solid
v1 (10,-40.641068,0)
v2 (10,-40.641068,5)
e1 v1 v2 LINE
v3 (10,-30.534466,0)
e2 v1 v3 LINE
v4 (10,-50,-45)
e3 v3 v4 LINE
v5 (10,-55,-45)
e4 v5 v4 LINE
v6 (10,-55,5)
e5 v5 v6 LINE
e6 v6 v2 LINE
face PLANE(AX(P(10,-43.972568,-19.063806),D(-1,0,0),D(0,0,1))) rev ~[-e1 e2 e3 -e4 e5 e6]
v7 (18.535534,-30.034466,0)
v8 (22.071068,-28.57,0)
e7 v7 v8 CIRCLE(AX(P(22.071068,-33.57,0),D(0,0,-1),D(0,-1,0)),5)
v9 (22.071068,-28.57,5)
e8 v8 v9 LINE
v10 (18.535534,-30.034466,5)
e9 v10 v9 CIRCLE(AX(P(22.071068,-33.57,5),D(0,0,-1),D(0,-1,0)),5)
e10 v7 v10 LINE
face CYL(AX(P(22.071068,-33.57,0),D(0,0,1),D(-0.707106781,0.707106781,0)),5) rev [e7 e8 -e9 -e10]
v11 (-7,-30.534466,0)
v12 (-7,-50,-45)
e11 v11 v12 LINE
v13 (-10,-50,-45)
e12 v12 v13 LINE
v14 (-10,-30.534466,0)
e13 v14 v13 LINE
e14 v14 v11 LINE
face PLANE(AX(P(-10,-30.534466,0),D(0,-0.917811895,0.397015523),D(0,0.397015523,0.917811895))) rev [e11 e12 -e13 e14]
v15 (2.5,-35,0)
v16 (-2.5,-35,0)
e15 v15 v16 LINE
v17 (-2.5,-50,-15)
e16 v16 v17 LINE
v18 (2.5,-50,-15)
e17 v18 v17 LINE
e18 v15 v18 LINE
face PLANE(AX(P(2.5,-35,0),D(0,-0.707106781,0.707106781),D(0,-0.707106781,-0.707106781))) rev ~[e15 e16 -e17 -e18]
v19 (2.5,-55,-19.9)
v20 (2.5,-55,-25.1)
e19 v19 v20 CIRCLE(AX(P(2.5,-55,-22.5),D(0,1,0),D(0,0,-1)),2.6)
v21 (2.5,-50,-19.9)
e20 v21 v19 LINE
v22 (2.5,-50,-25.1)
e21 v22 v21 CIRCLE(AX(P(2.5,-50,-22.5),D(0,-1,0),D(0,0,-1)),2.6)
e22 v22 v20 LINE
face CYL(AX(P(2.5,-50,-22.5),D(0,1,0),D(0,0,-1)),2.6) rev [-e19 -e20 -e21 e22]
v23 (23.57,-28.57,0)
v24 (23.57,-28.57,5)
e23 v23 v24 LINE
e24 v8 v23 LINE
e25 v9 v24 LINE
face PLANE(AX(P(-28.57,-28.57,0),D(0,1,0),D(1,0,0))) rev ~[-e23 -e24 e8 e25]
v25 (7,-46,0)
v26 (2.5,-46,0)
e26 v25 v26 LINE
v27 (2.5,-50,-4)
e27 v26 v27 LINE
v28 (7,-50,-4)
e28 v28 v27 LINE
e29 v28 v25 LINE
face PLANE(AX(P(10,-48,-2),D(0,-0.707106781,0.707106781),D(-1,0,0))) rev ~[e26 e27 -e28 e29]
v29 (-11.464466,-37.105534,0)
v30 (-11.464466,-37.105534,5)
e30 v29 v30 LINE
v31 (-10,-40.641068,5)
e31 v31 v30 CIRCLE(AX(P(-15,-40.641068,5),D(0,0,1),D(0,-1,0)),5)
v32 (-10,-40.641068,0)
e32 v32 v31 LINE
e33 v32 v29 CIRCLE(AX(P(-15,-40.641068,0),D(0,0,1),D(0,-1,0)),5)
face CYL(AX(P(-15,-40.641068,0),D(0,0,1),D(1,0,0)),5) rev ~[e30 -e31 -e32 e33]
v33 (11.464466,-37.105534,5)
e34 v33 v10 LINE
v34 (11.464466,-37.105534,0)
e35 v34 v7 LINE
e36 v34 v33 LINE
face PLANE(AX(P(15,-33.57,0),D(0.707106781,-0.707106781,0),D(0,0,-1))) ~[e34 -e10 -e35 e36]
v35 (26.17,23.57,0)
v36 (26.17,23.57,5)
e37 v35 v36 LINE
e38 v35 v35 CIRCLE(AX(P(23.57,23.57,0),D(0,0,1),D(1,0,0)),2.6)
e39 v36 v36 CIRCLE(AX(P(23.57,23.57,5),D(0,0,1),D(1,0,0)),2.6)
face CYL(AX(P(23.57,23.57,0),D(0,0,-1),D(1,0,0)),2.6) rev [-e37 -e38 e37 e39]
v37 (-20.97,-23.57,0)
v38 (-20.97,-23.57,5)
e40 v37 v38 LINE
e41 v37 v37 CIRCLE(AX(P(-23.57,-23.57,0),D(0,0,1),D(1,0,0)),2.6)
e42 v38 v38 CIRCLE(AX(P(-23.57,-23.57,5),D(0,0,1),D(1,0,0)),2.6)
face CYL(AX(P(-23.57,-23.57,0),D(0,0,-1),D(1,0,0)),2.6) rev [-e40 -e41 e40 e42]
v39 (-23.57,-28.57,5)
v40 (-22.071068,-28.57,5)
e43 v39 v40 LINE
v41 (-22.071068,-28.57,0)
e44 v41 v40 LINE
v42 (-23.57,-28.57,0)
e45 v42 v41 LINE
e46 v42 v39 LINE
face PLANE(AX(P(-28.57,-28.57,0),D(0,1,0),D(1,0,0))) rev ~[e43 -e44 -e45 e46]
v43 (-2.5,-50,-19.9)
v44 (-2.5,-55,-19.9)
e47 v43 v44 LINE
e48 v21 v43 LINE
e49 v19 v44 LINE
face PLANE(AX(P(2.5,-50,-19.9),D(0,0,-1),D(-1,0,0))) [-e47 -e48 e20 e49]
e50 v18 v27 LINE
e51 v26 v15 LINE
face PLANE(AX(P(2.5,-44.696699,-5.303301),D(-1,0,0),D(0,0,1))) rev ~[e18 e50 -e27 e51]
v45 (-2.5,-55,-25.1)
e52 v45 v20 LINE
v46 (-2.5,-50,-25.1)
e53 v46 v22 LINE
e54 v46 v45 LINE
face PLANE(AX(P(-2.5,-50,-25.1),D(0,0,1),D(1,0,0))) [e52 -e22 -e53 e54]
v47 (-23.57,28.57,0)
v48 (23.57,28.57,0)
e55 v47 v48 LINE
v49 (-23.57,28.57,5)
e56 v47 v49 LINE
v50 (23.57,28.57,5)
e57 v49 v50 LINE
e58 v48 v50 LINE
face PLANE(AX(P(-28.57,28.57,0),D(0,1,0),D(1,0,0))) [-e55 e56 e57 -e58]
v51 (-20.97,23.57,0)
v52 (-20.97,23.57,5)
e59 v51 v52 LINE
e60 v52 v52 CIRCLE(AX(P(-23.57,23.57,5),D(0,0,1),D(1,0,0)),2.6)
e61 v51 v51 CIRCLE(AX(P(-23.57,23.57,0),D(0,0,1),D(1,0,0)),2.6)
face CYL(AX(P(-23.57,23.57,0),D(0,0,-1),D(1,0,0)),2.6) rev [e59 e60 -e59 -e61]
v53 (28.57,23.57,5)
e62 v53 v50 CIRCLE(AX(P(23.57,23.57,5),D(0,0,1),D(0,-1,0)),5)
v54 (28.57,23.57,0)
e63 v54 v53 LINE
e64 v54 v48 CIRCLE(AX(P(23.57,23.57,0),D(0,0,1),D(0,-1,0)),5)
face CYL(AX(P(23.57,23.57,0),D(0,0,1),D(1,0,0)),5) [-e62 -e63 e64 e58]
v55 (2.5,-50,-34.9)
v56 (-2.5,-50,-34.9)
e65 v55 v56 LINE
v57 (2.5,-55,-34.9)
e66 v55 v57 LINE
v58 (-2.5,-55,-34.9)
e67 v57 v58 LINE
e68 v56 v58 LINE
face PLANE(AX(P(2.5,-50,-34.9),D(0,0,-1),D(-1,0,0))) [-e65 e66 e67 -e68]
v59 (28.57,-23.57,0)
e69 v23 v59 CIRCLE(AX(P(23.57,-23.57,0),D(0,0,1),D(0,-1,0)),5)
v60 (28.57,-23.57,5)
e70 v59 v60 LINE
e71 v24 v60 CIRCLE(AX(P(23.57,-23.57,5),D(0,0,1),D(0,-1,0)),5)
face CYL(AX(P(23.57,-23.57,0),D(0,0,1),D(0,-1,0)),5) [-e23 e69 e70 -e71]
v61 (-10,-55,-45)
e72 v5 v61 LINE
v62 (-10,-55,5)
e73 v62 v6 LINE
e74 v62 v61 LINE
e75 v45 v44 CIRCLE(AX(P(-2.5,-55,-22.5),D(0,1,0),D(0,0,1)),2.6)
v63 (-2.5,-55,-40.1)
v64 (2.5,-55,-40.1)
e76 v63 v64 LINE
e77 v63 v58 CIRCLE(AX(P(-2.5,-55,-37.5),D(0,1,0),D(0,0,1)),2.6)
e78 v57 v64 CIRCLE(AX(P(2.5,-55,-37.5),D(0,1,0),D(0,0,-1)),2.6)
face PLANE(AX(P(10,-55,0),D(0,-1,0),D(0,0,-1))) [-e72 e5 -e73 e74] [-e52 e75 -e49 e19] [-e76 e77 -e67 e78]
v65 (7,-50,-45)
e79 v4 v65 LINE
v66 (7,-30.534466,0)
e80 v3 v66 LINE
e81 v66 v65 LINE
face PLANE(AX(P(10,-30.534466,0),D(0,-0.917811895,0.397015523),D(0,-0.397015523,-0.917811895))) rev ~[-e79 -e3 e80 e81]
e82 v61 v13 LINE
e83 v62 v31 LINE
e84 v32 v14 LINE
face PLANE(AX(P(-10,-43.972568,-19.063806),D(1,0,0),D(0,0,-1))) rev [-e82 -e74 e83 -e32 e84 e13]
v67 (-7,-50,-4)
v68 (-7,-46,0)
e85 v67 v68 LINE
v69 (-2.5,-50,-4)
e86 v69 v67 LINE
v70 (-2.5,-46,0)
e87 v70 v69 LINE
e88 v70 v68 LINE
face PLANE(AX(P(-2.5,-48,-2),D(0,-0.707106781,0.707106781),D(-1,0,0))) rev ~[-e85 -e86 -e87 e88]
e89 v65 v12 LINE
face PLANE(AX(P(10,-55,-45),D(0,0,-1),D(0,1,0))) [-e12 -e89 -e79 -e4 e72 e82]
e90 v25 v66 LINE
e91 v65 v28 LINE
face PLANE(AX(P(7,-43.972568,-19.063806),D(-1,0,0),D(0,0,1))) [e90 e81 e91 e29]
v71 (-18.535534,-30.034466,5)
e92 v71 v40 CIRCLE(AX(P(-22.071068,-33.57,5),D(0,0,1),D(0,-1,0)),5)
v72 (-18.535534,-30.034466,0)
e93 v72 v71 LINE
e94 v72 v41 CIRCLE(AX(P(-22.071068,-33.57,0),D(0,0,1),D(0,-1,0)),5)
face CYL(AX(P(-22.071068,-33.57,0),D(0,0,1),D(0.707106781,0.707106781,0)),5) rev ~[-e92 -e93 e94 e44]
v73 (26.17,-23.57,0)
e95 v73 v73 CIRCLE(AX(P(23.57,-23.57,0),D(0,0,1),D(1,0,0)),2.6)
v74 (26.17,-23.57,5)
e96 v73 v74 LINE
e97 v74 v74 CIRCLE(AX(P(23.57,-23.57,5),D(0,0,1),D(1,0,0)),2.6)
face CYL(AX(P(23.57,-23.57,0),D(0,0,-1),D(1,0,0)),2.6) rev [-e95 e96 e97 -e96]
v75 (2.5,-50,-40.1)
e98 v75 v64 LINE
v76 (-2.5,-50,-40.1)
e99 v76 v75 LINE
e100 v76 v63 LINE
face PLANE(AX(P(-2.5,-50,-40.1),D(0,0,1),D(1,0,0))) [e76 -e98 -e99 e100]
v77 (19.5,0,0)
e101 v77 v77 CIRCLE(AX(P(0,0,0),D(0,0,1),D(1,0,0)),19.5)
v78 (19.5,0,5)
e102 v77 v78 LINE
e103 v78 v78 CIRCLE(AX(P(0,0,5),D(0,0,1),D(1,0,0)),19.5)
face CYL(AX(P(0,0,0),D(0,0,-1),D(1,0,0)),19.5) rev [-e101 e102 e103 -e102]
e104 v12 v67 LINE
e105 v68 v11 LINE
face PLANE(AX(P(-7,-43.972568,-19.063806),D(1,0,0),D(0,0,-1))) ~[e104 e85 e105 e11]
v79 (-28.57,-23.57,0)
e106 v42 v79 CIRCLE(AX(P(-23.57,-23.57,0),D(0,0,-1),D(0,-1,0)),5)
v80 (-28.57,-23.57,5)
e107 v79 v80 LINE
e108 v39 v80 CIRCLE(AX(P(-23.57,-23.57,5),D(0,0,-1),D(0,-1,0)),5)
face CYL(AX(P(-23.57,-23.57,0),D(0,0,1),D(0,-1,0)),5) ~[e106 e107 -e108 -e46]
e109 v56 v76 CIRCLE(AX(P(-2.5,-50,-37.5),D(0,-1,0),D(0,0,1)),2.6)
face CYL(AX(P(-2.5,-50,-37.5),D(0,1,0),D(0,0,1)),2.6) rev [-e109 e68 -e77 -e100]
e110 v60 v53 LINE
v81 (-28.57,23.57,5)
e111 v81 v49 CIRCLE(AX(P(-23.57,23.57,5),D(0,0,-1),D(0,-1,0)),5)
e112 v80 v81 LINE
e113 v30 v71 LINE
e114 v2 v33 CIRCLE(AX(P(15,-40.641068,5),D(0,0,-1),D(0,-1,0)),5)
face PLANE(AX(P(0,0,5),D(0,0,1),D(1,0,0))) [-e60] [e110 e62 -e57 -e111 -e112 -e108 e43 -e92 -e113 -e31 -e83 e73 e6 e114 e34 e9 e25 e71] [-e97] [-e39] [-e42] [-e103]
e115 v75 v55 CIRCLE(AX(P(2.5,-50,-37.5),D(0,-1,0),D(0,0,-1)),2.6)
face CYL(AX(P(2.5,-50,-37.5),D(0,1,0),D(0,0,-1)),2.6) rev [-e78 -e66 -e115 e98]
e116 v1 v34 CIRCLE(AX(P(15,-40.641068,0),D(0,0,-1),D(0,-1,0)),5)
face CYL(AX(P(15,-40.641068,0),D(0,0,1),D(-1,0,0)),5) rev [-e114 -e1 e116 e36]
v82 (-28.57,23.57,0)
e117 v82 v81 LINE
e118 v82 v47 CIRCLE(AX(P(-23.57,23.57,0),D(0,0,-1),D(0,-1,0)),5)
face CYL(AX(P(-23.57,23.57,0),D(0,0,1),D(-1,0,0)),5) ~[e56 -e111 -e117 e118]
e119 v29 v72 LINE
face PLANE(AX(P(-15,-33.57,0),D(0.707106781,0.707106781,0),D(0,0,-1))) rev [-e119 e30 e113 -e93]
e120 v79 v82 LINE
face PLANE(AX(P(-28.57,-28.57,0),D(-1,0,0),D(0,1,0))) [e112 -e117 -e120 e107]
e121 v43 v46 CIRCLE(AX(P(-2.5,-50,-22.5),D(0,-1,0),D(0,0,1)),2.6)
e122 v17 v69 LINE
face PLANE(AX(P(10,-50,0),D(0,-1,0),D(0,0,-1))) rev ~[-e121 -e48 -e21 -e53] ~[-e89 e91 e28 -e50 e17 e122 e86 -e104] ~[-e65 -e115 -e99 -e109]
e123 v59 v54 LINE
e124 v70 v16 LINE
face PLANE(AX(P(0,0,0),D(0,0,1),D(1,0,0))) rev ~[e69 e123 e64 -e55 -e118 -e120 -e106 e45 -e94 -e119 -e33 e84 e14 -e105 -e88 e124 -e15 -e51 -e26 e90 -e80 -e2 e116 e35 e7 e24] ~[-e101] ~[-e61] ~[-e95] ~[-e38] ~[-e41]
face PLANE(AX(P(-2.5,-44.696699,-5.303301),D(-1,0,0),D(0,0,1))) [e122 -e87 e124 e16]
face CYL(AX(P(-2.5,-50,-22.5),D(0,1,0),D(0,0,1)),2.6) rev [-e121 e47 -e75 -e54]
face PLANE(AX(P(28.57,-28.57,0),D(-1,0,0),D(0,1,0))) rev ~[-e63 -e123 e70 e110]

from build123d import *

# Parameters (mm, degrees)
SKETCH1_W           = 57.14
SKETCH1_H           = 57.14
SKETCH1_R           = 19.5
SKETCH1_R_2         = 2.6
SKETCH1_W_2         = 20
SKETCH1_H_2         = 26.43
BOSS_EXTRUDE1_DEPTH = 5
SKETCH3_W           = 45
SKETCH3_H           = 5
BOSS_EXTRUDE2_DEPTH = 20
BOSS_EXTRUDE3_START = -7.5
BOSS_EXTRUDE3_DEPTH = 5
CUT_EXTRUDE1_REACH  = 96.945
FILLET1_R           = 5
CHAMFER1_SIZE       = 4
CHAMFER2_SIZE       = 10
FILLET2_R           = 5
BOSS_EXTRUDE4_DEPTH = 3


with BuildPart() as part:
    # Sketch1 → Boss-Extrude1 (new body)
    # profile 1 of 2: a face of its own
    with BuildSketch(Plane.XY):
        Rectangle(SKETCH1_W, SKETCH1_H)
        Circle(SKETCH1_R, mode=Mode.SUBTRACT)
        with Locations((-23.57, -23.57)):
            Circle(SKETCH1_R_2, mode=Mode.SUBTRACT)
        with Locations((23.57, -23.57)):
            Circle(SKETCH1_R_2, mode=Mode.SUBTRACT)
        with Locations((23.57, 23.57)):
            Circle(SKETCH1_R_2, mode=Mode.SUBTRACT)
        with Locations((-23.57, 23.57)):
            Circle(SKETCH1_R_2, mode=Mode.SUBTRACT)
    # profile 2 of 2: a face of its own
    with BuildSketch(Plane.XY):
        with Locations((0, -41.785)):
            Rectangle(SKETCH1_W_2, SKETCH1_H_2)
    extrude(amount=BOSS_EXTRUDE1_DEPTH)

    # Sketch3 → Boss-Extrude2 (add)
    with BuildSketch(Plane(origin=(10, 0, 0), x_dir=(0, 0, -1), z_dir=(1, 0, 0))):
        with Locations((22.5, -52.5)):
            Rectangle(SKETCH3_W, SKETCH3_H)
    extrude(amount=-BOSS_EXTRUDE2_DEPTH)

    # Sketch5 → Boss-Extrude3 (add)
    with BuildSketch(Plane(origin=(10, 0, 0), x_dir=(0, 0, -1), z_dir=(1, 0, 0)).offset(BOSS_EXTRUDE3_START)):
        Polygon((0, -35), (15, -50), (0, -50), align=None)
    extrude(amount=-BOSS_EXTRUDE3_DEPTH)

    # Sketch4 → Cut-Extrude1 (cut, up to next)
    with BuildSketch(Plane(origin=(0, -50, 0), x_dir=(1, 0, 0), z_dir=(0, 1, 0)), mode=Mode.PRIVATE) as cut_extrude1_sk1:
        with BuildLine():
            Line((-2.5, 40.1), (2.5, 40.1))
            ThreePointArc((2.5, 40.1), (5.1, 37.5), (2.5, 34.9))
            Line((2.5, 34.9), (-2.5, 34.9))
            ThreePointArc((-2.5, 34.9), (-5.1, 37.5), (-2.5, 40.1))
        make_face()
    cut_extrude1_tool1 = extrude(cut_extrude1_sk1.sketch, amount=-CUT_EXTRUDE1_REACH, mode=Mode.PRIVATE) & part.part
    # Sketch4 → Cut-Extrude1 (cut, up to next)
    with BuildSketch(Plane(origin=(0, -50, 0), x_dir=(1, 0, 0), z_dir=(0, 1, 0)), mode=Mode.PRIVATE) as cut_extrude1_sk2:
        with BuildLine():
            Line((-2.5, 25.1), (2.5, 25.1))
            ThreePointArc((2.5, 25.1), (5.1, 22.5), (2.5, 19.9))
            Line((2.5, 19.9), (-2.5, 19.9))
            ThreePointArc((-2.5, 19.9), (-5.1, 22.5), (-2.5, 25.1))
        make_face()
    cut_extrude1_tool2 = extrude(cut_extrude1_sk2.sketch, amount=-CUT_EXTRUDE1_REACH, mode=Mode.PRIVATE) & part.part
    add(cut_extrude1_tool1.solids().sort_by_distance((0, -50, -37.5))[0], mode=Mode.SUBTRACT)
    add(cut_extrude1_tool2.solids().sort_by_distance((0, -50, -22.5))[0], mode=Mode.SUBTRACT)

    # Fillet1
    fillet1_edges = [part.edges().sort_by_distance(p)[0] for p in [
        (28.57, -28.57, 2.5),
        (-28.57, -28.57, 2.5),
        (-28.57, 28.57, 2.5),
        (28.57, 28.57, 2.5),
    ]]
    fillet(fillet1_edges, radius=FILLET1_R)

    # Chamfer1
    chamfer1_edges = [part.edges().sort_by_distance(p)[0] for p in [
        (-6.25, -50, 0),
        (6.25, -50, 0),
    ]]
    chamfer(chamfer1_edges, length=CHAMFER1_SIZE)

    # Chamfer2
    chamfer2_edges = [part.edges().sort_by_distance(p)[0] for p in [
        (10, -28.57, 2.5),
        (-10, -28.57, 2.5),
    ]]
    chamfer(chamfer2_edges, length=CHAMFER2_SIZE)

    # Fillet2
    fillet2_edges = [part.edges().sort_by_distance(p)[0] for p in [
        (-10, -38.57, 2.5),
        (-20, -28.57, 2.5),
        (20, -28.57, 2.5),
        (10, -38.57, 2.5),
    ]]
    fillet(fillet2_edges, radius=FILLET2_R)

    # Sketch6 → Boss-Extrude4 (add)
    with BuildSketch(Plane(origin=(10, 0, 0), x_dir=(0, 0, -1), z_dir=(1, 0, 0))):
        Polygon((45, -50), (4, -50), (0, -46), (0, -30.534466094), align=None)
    boss_extrude4 = extrude(amount=-BOSS_EXTRUDE4_DEPTH)

    # Mirror1: Boss-Extrude4 across plane
    add(boss_extrude4.mirror(Plane(origin=(0, 0, 0), x_dir=(0, 0, 1), z_dir=(1, 0, 0))))


solid = part.part
